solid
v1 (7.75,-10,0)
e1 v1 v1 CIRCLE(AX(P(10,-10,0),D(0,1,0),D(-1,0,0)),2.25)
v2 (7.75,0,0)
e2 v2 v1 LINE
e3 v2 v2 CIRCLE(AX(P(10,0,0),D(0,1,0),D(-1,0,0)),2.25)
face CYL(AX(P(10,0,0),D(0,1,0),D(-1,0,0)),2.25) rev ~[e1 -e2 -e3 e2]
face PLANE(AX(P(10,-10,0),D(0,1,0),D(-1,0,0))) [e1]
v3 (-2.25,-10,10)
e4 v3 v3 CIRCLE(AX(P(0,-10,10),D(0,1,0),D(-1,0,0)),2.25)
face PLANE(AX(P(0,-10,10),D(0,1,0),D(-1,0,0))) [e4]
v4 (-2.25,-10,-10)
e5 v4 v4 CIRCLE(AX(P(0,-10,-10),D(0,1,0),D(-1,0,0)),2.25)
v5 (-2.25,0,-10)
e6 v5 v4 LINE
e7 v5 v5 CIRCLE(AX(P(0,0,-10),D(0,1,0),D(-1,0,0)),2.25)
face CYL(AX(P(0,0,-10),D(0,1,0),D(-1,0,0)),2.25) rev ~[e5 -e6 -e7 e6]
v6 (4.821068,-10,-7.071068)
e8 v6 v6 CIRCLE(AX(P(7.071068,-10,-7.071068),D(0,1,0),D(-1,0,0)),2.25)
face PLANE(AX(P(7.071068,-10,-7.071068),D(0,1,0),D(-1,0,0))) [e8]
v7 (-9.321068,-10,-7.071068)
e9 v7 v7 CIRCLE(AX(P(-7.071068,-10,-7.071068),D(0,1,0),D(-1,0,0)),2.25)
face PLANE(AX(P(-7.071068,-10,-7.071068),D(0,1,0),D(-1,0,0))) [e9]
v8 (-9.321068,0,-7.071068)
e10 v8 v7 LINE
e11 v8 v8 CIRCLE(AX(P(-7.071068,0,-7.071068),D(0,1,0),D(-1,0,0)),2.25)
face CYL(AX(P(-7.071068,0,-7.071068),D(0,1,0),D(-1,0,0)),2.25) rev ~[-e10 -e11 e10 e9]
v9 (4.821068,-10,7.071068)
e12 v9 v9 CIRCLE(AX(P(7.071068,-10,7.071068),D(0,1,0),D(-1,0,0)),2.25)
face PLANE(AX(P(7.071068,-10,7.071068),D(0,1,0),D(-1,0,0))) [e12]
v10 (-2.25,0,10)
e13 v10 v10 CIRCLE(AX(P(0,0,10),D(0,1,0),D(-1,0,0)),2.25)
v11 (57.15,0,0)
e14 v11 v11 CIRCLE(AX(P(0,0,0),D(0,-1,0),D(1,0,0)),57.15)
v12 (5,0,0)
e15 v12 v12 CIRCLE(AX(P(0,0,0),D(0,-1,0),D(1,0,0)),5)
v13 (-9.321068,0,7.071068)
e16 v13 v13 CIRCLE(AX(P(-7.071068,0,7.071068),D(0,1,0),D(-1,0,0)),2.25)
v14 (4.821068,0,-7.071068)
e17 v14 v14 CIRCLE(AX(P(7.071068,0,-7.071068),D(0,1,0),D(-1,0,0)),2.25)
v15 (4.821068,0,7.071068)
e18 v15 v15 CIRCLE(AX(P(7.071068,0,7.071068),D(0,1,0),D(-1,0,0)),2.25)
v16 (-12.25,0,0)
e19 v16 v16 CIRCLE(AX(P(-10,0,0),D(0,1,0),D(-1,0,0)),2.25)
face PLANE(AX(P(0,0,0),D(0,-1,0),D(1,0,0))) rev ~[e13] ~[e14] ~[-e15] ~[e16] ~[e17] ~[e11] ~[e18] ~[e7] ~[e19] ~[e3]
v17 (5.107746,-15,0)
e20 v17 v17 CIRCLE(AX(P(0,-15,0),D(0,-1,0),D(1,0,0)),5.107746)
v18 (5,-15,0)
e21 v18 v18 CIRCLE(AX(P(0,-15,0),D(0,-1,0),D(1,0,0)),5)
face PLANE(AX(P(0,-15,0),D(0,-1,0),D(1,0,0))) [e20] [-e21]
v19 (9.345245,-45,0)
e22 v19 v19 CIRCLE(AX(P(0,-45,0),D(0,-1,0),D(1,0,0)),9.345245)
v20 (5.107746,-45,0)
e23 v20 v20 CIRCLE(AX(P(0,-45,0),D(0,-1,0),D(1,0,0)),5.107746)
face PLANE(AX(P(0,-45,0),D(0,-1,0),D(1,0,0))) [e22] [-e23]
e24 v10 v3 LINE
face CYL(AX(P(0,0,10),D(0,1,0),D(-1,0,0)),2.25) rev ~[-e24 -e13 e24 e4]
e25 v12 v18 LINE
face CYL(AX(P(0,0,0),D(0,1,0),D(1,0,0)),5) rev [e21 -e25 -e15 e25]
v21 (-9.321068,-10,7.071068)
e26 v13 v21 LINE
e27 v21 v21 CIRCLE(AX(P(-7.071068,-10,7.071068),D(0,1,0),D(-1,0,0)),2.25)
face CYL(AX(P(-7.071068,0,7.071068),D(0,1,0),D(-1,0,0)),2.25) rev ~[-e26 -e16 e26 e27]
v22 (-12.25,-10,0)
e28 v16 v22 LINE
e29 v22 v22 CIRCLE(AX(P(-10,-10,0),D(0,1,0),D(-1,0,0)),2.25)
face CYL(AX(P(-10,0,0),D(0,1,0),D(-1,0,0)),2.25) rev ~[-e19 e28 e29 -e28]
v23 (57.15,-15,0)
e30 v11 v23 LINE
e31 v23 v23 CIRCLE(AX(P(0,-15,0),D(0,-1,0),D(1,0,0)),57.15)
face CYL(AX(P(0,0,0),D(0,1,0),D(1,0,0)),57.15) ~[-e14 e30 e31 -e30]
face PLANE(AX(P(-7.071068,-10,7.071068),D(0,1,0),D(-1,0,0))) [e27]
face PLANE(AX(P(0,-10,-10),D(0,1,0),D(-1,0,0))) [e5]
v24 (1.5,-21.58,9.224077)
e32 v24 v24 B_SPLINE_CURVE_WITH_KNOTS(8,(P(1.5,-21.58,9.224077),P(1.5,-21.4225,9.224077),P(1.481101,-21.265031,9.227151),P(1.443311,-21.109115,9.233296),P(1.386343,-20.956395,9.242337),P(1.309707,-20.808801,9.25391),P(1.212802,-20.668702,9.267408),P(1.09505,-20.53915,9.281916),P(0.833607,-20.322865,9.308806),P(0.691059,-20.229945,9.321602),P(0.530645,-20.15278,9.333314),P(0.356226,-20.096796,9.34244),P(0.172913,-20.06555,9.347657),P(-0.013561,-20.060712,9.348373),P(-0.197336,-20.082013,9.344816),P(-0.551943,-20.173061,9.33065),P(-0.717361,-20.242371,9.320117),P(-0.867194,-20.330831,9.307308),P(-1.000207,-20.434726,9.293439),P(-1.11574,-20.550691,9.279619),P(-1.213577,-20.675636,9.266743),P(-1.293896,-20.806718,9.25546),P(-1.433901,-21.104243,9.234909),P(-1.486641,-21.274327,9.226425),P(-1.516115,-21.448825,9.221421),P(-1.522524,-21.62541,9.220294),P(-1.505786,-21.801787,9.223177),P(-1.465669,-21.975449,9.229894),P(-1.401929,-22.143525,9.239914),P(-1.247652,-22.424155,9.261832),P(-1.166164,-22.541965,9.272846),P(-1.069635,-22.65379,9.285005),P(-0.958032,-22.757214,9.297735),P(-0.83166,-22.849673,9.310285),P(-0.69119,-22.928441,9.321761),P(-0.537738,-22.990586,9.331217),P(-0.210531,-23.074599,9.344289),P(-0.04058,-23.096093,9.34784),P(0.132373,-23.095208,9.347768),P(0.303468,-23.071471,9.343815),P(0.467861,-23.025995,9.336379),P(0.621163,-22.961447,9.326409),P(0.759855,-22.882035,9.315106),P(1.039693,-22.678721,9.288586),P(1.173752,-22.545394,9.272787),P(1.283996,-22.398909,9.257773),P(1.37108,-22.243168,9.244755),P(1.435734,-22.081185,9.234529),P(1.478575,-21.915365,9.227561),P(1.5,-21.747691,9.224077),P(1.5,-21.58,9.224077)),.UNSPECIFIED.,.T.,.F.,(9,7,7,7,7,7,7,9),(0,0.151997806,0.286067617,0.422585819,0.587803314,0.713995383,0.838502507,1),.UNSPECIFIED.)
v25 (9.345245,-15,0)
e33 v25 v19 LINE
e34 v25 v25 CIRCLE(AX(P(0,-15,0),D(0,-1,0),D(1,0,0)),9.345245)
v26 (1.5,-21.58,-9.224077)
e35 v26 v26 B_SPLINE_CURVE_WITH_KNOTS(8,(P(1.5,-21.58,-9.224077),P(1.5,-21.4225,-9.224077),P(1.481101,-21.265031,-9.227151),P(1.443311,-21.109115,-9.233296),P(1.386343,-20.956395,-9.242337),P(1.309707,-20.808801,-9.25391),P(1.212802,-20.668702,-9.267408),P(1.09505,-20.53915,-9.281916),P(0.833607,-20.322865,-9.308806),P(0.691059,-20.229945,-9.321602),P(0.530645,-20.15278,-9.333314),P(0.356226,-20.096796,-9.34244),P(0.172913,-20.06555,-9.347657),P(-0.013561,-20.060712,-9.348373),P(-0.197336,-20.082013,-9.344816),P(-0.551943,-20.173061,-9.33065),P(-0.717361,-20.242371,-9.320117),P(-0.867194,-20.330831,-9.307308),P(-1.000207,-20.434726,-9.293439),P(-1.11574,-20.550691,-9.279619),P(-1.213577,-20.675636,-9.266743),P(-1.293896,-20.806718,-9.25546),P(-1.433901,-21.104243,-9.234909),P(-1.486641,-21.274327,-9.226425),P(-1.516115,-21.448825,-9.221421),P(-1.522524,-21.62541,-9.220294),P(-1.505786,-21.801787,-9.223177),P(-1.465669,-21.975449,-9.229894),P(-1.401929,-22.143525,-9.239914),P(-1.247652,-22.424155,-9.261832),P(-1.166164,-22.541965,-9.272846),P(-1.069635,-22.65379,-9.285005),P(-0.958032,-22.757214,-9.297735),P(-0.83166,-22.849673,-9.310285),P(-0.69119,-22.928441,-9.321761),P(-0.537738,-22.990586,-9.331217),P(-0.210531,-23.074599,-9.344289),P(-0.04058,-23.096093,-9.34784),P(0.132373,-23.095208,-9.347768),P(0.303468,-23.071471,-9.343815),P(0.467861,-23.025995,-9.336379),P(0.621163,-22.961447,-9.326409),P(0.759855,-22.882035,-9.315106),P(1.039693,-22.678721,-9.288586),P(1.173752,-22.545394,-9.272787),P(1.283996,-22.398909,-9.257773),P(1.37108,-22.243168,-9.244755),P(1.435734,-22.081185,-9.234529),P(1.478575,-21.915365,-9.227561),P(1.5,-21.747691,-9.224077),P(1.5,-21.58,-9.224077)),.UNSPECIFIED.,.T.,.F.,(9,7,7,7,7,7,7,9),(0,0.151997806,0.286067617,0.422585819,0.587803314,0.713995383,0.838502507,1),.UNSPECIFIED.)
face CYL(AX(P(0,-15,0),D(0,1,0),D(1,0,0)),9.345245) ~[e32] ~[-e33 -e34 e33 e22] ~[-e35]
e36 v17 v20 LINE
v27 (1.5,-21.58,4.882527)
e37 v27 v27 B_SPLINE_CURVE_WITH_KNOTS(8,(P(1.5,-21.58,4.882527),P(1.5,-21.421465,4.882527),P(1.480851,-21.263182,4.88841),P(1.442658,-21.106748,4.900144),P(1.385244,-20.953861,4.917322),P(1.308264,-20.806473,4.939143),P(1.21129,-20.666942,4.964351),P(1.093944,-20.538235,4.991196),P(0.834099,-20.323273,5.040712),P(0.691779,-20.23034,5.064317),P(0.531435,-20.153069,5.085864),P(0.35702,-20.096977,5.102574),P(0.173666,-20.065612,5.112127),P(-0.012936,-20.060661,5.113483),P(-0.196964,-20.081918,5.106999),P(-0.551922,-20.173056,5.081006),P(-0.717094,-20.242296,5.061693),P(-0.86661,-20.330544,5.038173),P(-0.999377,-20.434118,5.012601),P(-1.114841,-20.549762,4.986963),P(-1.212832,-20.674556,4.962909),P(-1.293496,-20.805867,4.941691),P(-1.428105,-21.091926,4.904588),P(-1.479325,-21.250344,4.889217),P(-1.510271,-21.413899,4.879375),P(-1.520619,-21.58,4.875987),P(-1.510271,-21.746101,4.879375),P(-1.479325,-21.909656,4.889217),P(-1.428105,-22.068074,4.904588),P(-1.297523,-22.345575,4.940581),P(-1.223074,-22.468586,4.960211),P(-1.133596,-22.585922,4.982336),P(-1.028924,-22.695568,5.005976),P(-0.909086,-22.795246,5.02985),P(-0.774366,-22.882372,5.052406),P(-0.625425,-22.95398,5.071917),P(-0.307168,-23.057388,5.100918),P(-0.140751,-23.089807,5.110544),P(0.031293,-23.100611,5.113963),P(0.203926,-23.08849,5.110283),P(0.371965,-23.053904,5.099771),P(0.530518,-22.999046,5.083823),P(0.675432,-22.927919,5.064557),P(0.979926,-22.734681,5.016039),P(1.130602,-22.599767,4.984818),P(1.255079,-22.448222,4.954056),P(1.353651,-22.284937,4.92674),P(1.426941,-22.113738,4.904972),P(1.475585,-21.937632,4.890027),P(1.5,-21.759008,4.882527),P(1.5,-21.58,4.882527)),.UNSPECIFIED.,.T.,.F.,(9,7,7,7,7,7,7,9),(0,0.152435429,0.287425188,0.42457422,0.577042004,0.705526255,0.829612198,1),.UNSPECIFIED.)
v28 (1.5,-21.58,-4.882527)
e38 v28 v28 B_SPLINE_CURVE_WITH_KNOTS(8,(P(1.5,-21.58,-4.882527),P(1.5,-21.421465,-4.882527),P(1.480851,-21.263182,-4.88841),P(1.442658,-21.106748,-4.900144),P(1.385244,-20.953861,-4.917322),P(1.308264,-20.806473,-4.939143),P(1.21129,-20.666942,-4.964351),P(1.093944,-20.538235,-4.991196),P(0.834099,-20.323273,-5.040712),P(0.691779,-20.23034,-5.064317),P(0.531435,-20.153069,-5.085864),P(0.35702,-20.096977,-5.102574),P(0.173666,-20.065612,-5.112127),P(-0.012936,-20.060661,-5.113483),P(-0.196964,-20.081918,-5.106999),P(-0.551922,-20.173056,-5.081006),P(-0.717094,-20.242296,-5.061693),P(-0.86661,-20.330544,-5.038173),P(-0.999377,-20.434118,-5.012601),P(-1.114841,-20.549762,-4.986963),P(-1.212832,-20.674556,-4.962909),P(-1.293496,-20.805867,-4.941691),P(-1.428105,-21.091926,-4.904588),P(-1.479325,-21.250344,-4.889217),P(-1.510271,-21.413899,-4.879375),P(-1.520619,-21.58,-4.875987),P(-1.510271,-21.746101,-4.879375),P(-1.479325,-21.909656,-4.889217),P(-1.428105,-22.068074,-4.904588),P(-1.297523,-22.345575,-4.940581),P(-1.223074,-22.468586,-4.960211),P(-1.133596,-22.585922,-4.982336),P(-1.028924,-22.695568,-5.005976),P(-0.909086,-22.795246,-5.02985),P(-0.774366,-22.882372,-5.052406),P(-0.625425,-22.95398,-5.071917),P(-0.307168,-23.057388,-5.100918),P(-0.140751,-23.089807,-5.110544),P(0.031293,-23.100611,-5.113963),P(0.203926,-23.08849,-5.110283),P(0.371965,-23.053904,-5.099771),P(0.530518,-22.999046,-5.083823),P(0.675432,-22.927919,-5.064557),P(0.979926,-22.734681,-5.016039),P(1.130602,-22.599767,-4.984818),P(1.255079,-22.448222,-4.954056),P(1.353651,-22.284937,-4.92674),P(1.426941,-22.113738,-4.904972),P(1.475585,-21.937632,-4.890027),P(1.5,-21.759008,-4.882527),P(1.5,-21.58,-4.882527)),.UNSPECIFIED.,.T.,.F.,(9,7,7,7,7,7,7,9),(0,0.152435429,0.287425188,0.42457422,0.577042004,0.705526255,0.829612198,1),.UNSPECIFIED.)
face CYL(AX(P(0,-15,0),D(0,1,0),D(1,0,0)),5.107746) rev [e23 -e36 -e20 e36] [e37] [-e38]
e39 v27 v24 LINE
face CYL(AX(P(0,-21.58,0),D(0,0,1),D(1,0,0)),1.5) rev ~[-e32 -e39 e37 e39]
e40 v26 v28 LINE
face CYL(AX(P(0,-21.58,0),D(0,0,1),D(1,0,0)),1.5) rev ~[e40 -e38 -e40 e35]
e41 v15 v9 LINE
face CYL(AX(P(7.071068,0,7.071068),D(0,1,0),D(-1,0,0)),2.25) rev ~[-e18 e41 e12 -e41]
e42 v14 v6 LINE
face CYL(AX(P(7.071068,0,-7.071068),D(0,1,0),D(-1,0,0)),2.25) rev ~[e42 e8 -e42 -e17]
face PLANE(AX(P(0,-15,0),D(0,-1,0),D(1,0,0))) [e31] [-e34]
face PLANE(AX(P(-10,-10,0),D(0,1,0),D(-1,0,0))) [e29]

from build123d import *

# Parameters (mm, degrees)
F0_R     = 57.15
F0_R_2   = 5
F1_DEPTH = 15
F2_R     = 9.345245
F2_R_2   = 5.107746
F3_DEPTH = 30
F4_R     = 1.5
F5_DEPTH = 12.7
F6_R     = 2.25
F7_DEPTH = 10


with BuildPart() as f1:
    # F0 (on Front) → F1 (new body)
    with BuildSketch(Plane.XZ):
        Circle(F0_R)
        Circle(F0_R_2, mode=Mode.SUBTRACT)
    extrude(amount=F1_DEPTH)

    # F2 (on face) → F3 (join)
    with BuildSketch(Plane.XZ.offset(15)):
        Circle(F2_R)
        Circle(F2_R_2, mode=Mode.SUBTRACT)
    extrude(amount=F3_DEPTH)

    # F4 (on Top) → F5 (cut, symmetric)
    with BuildSketch(Plane.XY):
        with Locations((0, -21.58)):
            Circle(F4_R)
    extrude(amount=F5_DEPTH, both=True, mode=Mode.SUBTRACT)

    # F6 (on face) → F7 (cut)
    with BuildSketch(Plane(origin=(0, 0, 0), x_dir=(-1, 0, 0), z_dir=(0, 1, 0))):
        with Locations((0, 10)):
            Circle(F6_R)
        with Locations((7.071068, 7.071068)):
            Circle(F6_R)
        with Locations((10, 0)):
            Circle(F6_R)
        with Locations((0, -10)):
            Circle(F6_R)
        with Locations((7.071068, -7.071068)):
            Circle(F6_R)
        with Locations((-7.071068, -7.071068)):
            Circle(F6_R)
        with Locations((-10, 0)):
            Circle(F6_R)
        with Locations((-7.071068, 7.071068)):
            Circle(F6_R)
    extrude(amount=-F7_DEPTH, mode=Mode.SUBTRACT)


solid = f1.part
